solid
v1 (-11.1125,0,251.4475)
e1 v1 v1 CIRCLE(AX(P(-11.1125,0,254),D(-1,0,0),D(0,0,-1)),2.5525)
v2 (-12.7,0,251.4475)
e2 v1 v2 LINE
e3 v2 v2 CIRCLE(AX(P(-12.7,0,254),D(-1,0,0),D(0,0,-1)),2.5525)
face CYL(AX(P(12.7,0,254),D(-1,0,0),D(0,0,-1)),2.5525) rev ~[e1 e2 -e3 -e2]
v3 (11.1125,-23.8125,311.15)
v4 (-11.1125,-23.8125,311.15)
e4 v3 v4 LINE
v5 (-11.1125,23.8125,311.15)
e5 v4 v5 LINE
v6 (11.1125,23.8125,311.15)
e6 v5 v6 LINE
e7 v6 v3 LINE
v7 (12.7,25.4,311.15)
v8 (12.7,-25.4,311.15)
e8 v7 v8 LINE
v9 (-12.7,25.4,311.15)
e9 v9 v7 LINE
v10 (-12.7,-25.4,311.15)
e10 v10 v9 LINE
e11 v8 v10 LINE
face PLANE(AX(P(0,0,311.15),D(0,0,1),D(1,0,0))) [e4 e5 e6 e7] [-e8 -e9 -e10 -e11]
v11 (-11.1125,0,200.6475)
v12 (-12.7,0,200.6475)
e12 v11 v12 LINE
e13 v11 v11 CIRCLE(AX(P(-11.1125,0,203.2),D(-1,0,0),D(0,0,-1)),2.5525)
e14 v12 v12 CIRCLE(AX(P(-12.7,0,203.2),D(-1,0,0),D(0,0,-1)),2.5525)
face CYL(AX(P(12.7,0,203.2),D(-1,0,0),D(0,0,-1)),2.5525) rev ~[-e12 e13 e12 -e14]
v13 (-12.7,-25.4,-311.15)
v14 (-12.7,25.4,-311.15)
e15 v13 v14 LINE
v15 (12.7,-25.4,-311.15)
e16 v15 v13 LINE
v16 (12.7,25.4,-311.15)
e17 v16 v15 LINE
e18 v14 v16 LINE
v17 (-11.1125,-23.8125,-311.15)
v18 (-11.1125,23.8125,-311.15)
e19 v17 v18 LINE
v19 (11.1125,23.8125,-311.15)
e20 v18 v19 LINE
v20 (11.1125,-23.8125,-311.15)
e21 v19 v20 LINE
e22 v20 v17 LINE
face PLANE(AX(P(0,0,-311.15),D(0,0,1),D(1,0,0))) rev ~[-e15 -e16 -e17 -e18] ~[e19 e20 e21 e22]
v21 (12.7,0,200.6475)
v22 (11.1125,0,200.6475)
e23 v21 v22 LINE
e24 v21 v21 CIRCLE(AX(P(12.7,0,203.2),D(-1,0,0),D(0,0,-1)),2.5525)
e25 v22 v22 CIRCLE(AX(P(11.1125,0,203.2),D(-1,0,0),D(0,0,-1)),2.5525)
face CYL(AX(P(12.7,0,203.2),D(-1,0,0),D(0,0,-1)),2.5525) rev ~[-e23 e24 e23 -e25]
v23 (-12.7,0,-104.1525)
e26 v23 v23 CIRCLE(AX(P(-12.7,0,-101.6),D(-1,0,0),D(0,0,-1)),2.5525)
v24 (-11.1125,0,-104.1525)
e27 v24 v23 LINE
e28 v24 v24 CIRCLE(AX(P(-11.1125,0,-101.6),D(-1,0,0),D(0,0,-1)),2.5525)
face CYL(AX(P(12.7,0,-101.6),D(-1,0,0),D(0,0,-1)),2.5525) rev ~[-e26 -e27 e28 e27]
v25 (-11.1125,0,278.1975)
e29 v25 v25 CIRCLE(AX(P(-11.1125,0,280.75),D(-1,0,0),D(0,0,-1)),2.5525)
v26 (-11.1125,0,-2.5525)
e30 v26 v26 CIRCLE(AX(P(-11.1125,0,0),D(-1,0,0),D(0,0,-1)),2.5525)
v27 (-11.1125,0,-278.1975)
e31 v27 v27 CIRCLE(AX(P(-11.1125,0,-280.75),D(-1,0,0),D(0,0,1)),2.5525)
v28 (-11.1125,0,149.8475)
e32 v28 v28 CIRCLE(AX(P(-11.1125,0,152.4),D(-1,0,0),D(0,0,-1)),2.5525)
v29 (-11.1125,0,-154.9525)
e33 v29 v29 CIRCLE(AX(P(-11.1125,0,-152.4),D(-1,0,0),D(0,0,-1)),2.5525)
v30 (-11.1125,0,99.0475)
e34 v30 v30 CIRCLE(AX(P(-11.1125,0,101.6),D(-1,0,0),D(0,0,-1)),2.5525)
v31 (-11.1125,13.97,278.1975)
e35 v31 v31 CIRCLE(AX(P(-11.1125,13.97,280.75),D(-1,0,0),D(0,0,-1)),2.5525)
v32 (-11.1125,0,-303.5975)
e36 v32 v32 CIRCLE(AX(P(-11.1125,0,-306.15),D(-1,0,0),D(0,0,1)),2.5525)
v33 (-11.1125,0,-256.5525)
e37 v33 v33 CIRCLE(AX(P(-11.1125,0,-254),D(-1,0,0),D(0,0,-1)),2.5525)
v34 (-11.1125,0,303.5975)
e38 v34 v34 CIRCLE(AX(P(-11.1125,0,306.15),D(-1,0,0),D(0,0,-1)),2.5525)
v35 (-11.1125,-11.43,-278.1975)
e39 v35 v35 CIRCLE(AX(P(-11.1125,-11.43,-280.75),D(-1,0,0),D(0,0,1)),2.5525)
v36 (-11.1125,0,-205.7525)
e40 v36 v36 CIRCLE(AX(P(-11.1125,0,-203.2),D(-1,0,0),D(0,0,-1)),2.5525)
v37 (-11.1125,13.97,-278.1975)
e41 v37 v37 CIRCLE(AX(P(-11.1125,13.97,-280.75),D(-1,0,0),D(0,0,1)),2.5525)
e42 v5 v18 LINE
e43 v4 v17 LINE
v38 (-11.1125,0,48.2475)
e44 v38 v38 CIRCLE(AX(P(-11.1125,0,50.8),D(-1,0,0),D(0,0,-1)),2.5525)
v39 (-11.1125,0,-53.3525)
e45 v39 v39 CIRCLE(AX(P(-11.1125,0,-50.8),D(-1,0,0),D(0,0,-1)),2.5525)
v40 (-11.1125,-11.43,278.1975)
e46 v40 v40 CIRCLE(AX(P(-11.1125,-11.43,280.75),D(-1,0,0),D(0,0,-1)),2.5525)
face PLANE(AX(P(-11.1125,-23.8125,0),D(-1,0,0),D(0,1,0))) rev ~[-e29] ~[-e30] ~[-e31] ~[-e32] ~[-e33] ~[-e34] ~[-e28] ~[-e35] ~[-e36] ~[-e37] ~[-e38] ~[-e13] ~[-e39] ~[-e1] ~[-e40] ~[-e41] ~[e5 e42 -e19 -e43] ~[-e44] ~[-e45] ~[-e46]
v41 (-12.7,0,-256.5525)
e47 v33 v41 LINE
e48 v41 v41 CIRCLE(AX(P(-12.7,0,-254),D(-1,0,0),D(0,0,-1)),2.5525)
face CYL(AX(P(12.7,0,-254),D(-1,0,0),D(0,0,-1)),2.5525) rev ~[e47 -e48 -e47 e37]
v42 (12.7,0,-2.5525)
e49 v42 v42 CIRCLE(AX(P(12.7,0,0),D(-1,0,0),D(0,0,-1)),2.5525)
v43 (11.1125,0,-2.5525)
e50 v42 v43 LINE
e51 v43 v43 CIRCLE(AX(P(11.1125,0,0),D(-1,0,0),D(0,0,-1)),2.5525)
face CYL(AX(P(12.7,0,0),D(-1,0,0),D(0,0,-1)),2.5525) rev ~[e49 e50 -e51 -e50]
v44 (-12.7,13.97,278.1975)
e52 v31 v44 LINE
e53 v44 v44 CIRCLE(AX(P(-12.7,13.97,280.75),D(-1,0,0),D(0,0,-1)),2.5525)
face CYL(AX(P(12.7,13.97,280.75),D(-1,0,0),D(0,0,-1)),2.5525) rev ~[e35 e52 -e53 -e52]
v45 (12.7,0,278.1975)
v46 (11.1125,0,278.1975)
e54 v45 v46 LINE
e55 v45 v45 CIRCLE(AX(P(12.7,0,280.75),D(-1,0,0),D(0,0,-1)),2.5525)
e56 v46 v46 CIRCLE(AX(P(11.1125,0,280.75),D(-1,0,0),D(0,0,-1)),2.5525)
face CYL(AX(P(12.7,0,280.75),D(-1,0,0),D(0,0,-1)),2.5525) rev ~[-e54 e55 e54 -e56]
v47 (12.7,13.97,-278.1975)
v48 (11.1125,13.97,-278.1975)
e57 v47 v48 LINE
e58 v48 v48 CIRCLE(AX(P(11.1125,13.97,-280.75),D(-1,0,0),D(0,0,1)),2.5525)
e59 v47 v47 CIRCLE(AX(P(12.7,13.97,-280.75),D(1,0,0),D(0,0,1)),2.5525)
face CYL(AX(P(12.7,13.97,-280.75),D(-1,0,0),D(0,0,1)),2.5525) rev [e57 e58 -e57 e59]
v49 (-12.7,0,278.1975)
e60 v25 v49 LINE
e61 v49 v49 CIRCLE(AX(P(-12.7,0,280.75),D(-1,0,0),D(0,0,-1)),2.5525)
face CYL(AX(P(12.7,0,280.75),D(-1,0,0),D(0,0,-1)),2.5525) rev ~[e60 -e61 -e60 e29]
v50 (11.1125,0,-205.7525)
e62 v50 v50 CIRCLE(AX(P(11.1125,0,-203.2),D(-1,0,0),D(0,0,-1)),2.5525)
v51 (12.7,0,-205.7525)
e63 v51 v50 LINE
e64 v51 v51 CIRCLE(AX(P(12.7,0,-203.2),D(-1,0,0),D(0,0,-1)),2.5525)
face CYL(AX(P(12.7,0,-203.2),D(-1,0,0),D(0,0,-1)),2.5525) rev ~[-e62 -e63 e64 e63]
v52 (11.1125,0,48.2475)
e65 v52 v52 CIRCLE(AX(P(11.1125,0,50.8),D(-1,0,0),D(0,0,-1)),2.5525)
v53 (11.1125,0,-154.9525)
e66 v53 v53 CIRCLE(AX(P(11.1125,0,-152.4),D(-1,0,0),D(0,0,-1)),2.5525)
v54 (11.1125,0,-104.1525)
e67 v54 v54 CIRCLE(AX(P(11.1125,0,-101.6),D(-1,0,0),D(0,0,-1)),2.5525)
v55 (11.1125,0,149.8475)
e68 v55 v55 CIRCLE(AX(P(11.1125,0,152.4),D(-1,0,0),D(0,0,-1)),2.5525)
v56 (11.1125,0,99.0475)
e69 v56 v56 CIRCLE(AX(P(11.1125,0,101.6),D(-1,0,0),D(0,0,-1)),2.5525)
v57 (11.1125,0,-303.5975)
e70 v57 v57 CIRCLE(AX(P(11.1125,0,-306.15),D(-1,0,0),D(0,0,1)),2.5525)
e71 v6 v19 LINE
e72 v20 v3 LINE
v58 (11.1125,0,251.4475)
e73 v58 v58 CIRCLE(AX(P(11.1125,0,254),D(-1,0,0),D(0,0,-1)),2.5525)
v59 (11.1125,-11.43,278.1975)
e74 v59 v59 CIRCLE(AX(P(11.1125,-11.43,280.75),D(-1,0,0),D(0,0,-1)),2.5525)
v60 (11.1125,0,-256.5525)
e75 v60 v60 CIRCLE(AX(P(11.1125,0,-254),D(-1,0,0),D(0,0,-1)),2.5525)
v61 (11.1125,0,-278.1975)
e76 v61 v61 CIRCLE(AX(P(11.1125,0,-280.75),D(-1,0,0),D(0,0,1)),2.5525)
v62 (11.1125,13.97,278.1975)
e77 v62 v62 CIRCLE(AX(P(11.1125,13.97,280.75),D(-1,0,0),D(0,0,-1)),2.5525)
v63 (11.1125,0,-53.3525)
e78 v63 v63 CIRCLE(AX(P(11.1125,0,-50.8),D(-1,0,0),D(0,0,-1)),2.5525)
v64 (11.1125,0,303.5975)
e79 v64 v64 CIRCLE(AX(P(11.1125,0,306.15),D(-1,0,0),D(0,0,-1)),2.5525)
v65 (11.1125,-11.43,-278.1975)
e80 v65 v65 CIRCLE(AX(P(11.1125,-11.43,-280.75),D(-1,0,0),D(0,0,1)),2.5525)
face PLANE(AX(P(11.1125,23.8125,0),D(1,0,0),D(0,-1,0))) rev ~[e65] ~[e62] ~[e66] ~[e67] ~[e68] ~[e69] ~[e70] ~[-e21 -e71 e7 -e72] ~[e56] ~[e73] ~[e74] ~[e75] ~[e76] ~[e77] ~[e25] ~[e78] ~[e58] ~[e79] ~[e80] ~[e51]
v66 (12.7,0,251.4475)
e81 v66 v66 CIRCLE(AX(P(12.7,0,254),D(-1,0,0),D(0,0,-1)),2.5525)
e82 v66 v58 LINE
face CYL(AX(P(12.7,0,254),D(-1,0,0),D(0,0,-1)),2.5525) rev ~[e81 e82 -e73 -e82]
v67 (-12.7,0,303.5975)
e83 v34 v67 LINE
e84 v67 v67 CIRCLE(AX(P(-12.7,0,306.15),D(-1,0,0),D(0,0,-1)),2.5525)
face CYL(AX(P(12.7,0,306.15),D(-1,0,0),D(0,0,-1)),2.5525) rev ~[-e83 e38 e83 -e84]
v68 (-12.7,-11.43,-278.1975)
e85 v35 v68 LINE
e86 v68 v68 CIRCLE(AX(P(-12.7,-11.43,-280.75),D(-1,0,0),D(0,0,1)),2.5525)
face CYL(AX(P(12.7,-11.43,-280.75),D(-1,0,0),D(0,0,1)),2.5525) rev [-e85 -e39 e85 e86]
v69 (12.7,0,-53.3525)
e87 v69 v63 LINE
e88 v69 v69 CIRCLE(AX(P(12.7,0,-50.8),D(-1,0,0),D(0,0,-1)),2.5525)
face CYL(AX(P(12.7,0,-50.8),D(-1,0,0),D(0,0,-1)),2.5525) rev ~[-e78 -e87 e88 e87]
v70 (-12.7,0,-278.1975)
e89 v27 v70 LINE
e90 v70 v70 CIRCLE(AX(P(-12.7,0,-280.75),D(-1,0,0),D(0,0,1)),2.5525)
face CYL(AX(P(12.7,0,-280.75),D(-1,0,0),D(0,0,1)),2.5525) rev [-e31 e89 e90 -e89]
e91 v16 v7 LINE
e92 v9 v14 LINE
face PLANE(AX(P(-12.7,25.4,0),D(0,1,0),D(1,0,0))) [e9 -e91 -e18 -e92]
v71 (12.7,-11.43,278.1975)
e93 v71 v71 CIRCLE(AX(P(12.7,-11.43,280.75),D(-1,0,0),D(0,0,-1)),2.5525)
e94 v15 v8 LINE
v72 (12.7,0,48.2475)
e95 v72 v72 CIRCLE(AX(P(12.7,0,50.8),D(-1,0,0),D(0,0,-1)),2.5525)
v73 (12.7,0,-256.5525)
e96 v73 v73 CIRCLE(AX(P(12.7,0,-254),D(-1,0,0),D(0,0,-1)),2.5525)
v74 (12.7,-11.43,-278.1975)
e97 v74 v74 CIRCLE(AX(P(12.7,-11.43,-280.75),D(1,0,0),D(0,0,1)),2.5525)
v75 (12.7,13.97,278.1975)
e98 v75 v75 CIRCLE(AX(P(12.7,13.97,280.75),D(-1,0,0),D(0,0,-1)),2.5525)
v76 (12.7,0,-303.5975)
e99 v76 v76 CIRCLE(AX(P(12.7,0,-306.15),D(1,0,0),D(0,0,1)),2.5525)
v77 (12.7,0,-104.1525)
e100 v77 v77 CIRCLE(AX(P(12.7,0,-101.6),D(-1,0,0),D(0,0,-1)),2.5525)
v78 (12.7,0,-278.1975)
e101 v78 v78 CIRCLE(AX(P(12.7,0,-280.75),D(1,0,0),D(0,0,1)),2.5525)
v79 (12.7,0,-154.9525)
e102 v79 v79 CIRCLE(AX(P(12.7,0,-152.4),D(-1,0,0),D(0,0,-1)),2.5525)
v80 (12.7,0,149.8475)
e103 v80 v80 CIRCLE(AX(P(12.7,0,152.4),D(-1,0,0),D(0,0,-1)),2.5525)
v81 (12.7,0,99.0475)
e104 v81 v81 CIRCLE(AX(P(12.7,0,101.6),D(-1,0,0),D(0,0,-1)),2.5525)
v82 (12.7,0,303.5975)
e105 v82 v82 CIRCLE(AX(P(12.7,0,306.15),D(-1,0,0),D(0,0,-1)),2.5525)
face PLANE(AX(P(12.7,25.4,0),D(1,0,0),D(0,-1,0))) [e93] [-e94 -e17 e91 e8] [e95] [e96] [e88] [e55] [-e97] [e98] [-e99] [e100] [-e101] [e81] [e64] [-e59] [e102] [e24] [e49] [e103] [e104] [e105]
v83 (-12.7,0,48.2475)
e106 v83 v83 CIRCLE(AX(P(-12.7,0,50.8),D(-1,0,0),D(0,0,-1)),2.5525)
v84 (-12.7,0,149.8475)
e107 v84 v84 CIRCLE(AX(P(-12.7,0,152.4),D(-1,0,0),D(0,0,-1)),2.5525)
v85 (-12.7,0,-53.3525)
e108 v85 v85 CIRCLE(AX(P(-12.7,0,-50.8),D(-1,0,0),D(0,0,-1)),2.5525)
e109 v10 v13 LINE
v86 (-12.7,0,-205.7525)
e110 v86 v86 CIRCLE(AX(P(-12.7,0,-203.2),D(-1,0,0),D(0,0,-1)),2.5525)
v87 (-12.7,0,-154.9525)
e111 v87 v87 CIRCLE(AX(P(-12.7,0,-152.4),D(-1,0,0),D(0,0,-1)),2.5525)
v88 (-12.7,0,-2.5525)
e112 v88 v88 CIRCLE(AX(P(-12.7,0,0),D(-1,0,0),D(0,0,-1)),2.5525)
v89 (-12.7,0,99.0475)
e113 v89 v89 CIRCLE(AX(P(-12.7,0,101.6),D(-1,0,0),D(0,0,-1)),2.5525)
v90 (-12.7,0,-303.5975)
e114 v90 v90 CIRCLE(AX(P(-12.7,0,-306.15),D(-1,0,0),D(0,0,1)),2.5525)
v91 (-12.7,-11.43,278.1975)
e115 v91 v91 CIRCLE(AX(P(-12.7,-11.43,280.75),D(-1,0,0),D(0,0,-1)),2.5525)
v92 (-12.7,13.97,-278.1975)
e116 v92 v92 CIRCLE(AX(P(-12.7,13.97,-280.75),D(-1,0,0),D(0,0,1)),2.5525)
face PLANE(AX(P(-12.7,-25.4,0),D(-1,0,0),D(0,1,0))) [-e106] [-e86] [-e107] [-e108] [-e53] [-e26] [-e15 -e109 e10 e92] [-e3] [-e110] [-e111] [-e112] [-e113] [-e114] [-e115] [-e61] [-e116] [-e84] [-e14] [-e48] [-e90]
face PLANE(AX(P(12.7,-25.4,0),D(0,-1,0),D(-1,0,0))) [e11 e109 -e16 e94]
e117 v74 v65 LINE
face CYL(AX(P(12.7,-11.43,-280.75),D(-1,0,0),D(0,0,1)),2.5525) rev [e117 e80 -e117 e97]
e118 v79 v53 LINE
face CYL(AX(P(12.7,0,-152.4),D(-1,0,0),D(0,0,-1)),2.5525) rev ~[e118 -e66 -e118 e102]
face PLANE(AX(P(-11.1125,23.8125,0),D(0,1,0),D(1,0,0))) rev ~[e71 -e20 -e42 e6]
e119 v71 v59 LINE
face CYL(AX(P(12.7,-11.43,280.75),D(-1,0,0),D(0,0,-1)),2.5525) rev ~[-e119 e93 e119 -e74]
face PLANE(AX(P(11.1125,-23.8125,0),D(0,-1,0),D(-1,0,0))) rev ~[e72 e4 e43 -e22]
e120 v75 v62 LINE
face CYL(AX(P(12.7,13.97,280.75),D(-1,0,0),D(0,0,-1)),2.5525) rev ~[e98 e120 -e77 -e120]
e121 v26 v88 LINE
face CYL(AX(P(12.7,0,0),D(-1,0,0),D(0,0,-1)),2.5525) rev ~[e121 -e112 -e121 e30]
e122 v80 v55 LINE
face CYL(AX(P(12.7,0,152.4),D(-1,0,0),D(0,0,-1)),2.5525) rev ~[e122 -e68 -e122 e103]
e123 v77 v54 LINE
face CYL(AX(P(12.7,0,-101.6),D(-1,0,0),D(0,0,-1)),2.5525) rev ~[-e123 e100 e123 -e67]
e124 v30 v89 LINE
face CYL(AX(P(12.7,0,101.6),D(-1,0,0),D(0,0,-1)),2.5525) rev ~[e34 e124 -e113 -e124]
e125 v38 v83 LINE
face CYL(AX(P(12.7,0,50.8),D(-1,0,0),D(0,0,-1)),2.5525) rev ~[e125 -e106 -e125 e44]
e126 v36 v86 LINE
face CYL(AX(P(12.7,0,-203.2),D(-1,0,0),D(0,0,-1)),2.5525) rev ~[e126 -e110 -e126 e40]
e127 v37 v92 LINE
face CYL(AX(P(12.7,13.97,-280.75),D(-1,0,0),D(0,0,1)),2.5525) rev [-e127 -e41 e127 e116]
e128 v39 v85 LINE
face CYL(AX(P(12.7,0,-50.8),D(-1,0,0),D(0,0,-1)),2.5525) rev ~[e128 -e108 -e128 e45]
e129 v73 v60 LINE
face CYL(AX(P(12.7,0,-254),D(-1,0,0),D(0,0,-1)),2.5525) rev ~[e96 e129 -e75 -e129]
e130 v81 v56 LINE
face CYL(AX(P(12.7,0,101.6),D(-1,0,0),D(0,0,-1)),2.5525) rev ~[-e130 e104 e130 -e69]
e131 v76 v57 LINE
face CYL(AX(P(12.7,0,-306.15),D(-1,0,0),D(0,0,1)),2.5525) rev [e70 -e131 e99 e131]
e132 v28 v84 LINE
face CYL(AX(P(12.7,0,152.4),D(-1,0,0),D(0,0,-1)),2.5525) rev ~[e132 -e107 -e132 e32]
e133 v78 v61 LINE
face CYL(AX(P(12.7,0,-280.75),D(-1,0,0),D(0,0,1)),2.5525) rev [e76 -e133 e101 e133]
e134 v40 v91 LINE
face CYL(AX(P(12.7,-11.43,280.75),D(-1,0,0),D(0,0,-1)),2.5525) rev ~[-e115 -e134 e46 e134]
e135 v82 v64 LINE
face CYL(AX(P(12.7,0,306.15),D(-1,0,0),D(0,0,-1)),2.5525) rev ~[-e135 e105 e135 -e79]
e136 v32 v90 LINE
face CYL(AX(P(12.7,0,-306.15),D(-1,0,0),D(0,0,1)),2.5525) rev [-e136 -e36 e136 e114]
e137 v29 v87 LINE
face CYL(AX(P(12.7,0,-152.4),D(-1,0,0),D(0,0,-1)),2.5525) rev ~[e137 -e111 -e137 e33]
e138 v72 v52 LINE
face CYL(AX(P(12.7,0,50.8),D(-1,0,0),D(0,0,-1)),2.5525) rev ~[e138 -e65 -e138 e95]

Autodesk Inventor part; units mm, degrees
ref_plane "YZ Plane" through (0, 0, 0) normal (1, 0, 0) x (0, 1, 0)
ref_plane "XZ Plane" through (0, 0, 0) normal (0, 1, 0) x (-1, 0, 0)
ref_plane "XY Plane" through (0, 0, 0) normal (0, 0, 1) x (1, 0, 0)
sketch "Sketch1" plane through (0, 0, 0) normal (0, 0, 1) x (1, 0, 0)
  line L0 (12.7, -25.4) -> (-12.7, -25.4)
  line L1 (-12.7, -25.4) -> (-12.7, 25.4)
  line L2 (-12.7, 25.4) -> (12.7, 25.4)
  line L3 (12.7, 25.4) -> (12.7, -25.4)
  line L4 (12.7, -25.4) -> (-12.7, 25.4) construction
  line L5 (-12.7, -25.4) -> (12.7, 25.4) construction
  line L6 (11.1125, -23.8125) -> (-11.1125, -23.8125)
  line L7 (-11.1125, -23.8125) -> (-11.1125, 23.8125)
  line L8 (-11.1125, 23.8125) -> (11.1125, 23.8125)
  line L9 (11.1125, 23.8125) -> (11.1125, -23.8125)
  line L10 (11.1125, -23.8125) -> (-11.1125, 23.8125) construction
  line L11 (-11.1125, -23.8125) -> (11.1125, 23.8125) construction
  point P0 (0, 0)
  dimension "d0" = 1.5875
  dimension "d1" = 1.5875
  dimension "d2" = 25.4
  dimension "d3" = 50.8
extrude "Extrusion1" add sketch "Sketch1" along normal mid plane 622.3
sketch "Sketch2" plane through (12.7, -25.4, 311.15) normal (1, 0, 0) x (0, 0, -1)
  line L0 (0, 0) -> (0, 50.8) projected
  line L1 (0, 50.8) -> (622.3, 50.8) projected
  point P0 (311.15, 25.4)
  point P1 (5, 25.4)
  point P2 (30.4, 25.4)
  point P3 (0, 25.4)
  point P4 (30.4, 13.97)
  point P5 (30.4, 39.37)
  dimension "d6" = 25.4
  dimension "d7" = 5
  dimension "d30" = 11.43
  dimension "d31" = 25.4
hole "Hole1" at (12.7, 0, 306.15) at (12.7, 0, 280.75) at (12.7, 13.97, 280.75) at (12.7, -11.43, 280.75) direction (-1, 0, 0) diameter 5.105 end through all clearance for "Flat Head Machine Screw (82)" size "#10" standard "Ansi Unified Screw Threads"
mirror "Mirror1" about plane through (0, 0, 0) normal (0, 0, 1) of "Hole1"
sketch "Sketch3" plane through (12.7, -25.4, 311.15) normal (1, 0, 0) x (0, 0, -1)
  line L0 (622.3, 0) -> (0, 0) projected
  point P0 (311.15, 25.4)
  point P1 (311.15, 25.4)
  point P2 (260.35, 25.4)
  point P3 (209.55, 25.4)
  point P4 (158.75, 25.4)
  point P5 (107.95, 25.4)
  point P6 (57.15, 25.4)
  point P7 (361.95, 25.4)
  point P8 (311.15, 25.4)
  point P9 (260.35, 25.4)
  point P10 (209.55, 25.4)
  point P11 (158.75, 25.4)
  point P12 (107.95, 25.4)
  point P13 (412.75, 25.4)
  point P14 (361.95, 25.4)
  point P15 (311.15, 25.4)
  point P16 (260.35, 25.4)
  point P17 (209.55, 25.4)
  point P18 (158.75, 25.4)
  point P19 (463.55, 25.4)
  point P20 (412.75, 25.4)
  point P21 (361.95, 25.4)
  point P22 (311.15, 25.4)
  point P23 (260.35, 25.4)
  point P24 (209.55, 25.4)
  point P25 (514.35, 25.4)
  point P26 (463.55, 25.4)
  point P27 (412.75, 25.4)
  point P28 (361.95, 25.4)
  point P29 (311.15, 25.4)
  point P30 (260.35, 25.4)
  point P31 (565.15, 25.4)
  point P32 (514.35, 25.4)
  point P33 (463.55, 25.4)
  point P34 (412.75, 25.4)
  point P35 (361.95, 25.4)
  point P36 (311.15, 25.4)
  dimension "d17" = 50.8
  dimension "d20" = 50.8
hole "Hole2" at (12.7, 0, 0) at (12.7, 0, 50.8) at (12.7, 0, 101.6) at (12.7, 0, 152.4) at (12.7, 0, 203.2) at (12.7, 0, 254) at (12.7, 0, -50.8) at (12.7, 0, -101.6) at (12.7, 0, -152.4) at (12.7, 0, -203.2) at (12.7, 0, -254) direction (-1, 0, 0) diameter 5.105 end through all clearance for "Flat Head Machine Screw (82)" size "#10" standard "Ansi Unified Screw Threads"
equation "\"d1\" = d0"
properties part number "CRASH_BAR_INTAKE" material "Aluminum, 6061-T6"
